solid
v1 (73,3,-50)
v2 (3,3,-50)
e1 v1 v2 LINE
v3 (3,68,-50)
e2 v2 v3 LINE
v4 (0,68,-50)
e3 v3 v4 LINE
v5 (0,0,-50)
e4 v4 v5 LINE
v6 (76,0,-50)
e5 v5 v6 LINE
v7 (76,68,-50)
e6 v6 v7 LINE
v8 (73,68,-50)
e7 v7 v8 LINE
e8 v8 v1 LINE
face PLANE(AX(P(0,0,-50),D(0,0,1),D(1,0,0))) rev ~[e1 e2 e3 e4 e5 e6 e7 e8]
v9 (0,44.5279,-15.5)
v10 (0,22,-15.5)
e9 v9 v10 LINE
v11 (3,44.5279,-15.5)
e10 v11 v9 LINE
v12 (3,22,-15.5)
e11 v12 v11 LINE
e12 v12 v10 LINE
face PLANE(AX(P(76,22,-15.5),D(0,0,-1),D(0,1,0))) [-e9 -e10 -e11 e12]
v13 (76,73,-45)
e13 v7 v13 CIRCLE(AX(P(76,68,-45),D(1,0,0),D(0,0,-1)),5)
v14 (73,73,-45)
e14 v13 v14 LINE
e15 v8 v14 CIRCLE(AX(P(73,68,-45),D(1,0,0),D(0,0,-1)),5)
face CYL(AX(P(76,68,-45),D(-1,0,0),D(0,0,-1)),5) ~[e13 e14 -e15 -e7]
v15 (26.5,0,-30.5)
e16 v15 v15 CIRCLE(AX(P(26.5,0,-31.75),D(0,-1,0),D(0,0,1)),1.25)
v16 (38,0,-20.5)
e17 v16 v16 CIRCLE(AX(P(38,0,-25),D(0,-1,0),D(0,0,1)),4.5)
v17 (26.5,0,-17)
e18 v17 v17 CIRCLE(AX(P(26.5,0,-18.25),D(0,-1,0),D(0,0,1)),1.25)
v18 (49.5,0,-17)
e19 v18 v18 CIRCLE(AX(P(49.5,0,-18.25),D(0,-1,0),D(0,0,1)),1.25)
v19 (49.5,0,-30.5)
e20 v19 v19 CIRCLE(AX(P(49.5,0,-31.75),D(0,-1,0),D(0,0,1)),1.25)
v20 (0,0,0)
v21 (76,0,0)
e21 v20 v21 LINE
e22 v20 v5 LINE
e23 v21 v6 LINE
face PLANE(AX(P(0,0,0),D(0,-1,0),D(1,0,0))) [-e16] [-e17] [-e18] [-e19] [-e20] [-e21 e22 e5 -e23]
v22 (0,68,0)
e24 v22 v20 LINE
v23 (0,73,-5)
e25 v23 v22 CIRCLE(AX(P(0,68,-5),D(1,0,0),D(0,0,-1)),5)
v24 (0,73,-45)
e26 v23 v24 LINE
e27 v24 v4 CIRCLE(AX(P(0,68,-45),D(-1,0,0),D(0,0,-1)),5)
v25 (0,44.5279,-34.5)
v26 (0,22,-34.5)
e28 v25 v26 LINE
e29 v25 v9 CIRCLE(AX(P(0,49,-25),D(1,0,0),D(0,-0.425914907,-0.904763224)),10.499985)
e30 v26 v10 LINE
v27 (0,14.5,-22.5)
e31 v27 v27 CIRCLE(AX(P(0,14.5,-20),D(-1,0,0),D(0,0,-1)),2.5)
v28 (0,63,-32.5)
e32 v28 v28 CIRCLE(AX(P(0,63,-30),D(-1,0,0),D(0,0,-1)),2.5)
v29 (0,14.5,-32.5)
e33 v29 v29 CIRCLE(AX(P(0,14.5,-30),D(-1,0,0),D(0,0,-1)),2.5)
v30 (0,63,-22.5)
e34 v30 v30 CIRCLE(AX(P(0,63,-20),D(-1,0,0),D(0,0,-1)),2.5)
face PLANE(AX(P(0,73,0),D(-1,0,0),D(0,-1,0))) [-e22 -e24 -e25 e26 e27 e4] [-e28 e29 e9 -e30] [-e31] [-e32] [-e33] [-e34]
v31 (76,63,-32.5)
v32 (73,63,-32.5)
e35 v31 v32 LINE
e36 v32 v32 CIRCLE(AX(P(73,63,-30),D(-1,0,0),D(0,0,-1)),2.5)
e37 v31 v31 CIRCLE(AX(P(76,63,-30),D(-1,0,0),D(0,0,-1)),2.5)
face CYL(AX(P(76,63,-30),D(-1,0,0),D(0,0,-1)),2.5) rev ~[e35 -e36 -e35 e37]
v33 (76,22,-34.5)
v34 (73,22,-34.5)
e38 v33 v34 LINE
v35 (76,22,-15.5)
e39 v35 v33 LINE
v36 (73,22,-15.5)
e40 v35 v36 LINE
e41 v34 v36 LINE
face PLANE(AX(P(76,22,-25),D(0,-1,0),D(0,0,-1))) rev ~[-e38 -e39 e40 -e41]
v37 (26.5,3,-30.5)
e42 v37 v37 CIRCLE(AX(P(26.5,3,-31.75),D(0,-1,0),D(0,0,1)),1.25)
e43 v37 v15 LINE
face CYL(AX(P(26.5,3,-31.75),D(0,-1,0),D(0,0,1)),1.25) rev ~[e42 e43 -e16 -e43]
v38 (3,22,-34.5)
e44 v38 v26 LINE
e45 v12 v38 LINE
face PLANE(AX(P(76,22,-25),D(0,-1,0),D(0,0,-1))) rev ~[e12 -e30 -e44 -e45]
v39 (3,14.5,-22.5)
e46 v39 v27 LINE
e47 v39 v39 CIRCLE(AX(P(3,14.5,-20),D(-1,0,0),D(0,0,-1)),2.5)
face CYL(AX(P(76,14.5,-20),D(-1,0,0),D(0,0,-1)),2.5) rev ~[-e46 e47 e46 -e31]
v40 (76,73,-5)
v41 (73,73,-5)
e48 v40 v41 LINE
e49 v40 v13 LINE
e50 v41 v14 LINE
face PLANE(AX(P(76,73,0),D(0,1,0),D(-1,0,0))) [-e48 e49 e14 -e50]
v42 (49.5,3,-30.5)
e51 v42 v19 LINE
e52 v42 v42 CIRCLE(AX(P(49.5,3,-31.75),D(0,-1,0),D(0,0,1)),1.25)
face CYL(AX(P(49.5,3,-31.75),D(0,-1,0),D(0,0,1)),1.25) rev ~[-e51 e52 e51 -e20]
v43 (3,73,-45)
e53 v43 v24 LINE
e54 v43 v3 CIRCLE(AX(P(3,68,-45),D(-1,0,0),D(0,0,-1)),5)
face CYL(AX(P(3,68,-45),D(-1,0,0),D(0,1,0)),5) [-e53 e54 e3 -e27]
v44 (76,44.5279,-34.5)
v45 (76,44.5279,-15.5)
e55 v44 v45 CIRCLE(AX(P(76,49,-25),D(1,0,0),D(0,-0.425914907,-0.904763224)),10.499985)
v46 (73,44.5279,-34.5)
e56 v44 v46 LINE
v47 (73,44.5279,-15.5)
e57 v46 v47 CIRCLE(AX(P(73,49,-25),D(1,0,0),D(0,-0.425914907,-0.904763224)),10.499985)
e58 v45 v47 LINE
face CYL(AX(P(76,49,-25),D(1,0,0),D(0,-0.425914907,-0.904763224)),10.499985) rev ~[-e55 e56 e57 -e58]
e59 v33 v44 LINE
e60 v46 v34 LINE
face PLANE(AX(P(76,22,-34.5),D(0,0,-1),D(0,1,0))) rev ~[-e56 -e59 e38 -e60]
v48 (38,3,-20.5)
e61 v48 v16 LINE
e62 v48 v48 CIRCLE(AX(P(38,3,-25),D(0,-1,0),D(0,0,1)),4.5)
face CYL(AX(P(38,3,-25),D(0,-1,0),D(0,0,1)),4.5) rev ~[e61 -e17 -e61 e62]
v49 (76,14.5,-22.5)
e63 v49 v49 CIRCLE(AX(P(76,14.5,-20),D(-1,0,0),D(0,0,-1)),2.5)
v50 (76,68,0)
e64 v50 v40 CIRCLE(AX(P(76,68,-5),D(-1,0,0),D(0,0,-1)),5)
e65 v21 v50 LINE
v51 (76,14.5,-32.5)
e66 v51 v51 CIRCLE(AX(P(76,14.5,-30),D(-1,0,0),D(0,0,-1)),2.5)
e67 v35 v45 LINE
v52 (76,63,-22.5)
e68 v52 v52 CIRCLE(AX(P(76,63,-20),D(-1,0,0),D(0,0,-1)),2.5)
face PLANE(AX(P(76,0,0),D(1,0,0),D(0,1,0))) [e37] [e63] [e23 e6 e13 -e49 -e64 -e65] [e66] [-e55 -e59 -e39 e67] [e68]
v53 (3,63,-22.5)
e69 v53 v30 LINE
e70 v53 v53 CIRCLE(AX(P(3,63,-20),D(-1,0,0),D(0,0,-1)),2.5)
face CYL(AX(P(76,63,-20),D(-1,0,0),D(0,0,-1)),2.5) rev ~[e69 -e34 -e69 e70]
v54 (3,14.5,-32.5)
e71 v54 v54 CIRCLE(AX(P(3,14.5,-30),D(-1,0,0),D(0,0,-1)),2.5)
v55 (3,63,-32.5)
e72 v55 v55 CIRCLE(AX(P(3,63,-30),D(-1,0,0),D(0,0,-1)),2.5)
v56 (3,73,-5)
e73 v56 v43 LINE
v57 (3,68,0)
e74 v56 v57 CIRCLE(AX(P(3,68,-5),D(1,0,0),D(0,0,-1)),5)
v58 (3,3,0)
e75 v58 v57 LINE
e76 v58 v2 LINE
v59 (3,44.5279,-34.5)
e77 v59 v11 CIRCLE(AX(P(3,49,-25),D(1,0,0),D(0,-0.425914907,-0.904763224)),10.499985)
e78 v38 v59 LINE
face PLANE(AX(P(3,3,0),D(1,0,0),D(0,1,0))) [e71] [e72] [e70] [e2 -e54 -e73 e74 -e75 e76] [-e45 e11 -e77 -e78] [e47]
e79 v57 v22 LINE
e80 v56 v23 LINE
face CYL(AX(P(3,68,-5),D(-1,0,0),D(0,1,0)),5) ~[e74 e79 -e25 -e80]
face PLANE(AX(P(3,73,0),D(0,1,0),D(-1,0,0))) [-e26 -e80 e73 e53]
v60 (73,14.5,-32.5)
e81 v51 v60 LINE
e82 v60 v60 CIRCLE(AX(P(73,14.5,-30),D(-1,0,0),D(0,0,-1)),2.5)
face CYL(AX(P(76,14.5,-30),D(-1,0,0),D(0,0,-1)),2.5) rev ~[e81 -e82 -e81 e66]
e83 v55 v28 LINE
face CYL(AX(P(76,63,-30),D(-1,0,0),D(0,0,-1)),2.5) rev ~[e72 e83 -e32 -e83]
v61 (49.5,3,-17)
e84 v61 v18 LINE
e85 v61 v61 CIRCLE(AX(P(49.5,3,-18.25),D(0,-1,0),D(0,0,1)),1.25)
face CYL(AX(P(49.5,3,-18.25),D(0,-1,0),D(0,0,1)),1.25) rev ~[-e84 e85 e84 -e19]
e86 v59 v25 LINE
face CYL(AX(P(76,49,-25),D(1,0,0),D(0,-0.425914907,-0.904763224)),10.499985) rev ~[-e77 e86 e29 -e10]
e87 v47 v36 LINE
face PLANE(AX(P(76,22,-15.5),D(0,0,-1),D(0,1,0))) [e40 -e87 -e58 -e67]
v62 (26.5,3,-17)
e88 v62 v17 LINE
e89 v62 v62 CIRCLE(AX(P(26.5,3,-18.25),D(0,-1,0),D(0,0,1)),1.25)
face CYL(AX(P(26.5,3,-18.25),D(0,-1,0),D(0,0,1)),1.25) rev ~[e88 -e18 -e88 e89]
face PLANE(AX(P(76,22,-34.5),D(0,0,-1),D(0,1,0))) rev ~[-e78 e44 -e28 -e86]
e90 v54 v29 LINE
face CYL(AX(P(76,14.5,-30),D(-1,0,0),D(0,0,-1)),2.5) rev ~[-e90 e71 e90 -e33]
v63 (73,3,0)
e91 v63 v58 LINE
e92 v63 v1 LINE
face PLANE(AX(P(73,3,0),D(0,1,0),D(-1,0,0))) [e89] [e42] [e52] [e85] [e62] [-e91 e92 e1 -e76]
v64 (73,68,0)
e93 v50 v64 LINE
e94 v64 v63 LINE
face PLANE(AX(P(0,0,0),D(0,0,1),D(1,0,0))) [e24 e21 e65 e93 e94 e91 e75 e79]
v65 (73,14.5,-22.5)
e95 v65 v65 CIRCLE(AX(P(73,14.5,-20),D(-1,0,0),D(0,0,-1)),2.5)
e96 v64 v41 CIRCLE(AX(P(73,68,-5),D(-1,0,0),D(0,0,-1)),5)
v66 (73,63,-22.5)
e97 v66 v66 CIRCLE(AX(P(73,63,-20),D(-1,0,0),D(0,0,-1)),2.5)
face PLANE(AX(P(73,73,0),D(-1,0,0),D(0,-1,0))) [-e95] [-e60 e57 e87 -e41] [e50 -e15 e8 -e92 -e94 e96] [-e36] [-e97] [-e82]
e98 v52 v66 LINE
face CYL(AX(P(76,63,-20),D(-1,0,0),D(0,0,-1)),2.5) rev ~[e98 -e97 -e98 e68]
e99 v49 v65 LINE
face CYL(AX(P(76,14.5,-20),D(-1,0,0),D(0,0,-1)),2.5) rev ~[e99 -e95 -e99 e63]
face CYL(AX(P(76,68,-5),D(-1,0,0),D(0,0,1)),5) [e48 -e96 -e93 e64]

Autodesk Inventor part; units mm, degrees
ref_plane "YZ Plane" through (0, 0, 0) normal (1, 0, 0) x (0, 1, 0)
ref_plane "XZ Plane" through (0, 0, 0) normal (0, 1, 0) x (-1, 0, 0)
ref_plane "XY Plane" through (0, 0, 0) normal (0, 0, 1) x (1, 0, 0)
sketch "Boceto1" plane through (0, 0, 0) normal (0, 0, 1) x (1, 0, 0)
  line L0 (0, 0) -> (76, 0)
  line L1 (76, 0) -> (76, 73)
  line L2 (76, 73) -> (73, 73)
  line L3 (73, 73) -> (73, 3)
  line L4 (73, 3) -> (3, 3)
  line L5 (3, 3) -> (3, 73)
  line L6 (3, 73) -> (0, 73)
  line L7 (0, 73) -> (0, 0)
extrude "Extrusión1" add sketch "Boceto1" against normal blind 50
sketch "Boceto2" plane through (76, 0, 0) normal (1, 0, 0) x (0, 0, -1)
  circle A0 centre (25, 49) radius 6.5
  circle A1 centre (20, 63) radius 2.5
  circle A2 centre (30, 63) radius 2.5
  circle A3 centre (20, 14.5) radius 2.5
  circle A4 centre (30, 14.5) radius 2.5
  point P0 (0, 0)
  point P1 (0, 73)
hole "Agujero1" at (76, 63, -20) at (76, 63, -30) at (76, 14.5, -20) at (76, 14.5, -30) direction (-1, 0, 0) diameter 5 end through all
hole "Agujero2" at (76, 49, -25) direction (-1, 0, 0) diameter 13 end through all
sketch "Boceto3" plane through (3, 3, 0) normal (0, 1, 0) x (1, 0, 0)
  circle A0 centre (35, 25) radius 4.5
  circle A1 centre (46.5, 31.75) radius 1.25
  circle A2 centre (46.5, 18.25) radius 1.25
  circle A3 centre (23.5, 31.75) radius 1.25
  circle A4 centre (23.5, 18.25) radius 1.25
hole "Agujero3" at (38, 3, -25) direction (0, -1, 0) diameter 9 end through all
hole "Agujero4" at (26.5, 3, -18.25) at (26.5, 3, -31.75) at (49.5, 3, -31.75) at (49.5, 3, -18.25) direction (0, -1, 0) diameter 2.5 end through all
fillet "Empalme1" radius 5 4 edges at (1.5, 73, 0) (1.5, 73, -50) (74.5, 73, 0) (74.5, 73, -50)
sketch "Boceto4" plane through (76, 0, 0) normal (1, 0, 0) x (0, 0, -1)
  circle A0 centre (25, 49) radius 6.5 projected
  arc A1 (34.5, 44.5279) -> (15.5, 44.5279) centre (25, 49) ccw
  line L0 (25, 22) -> (34.5, 22)
  line L1 (34.5, 22) -> (34.5, 44.5279)
  line L2 (25, 22) -> (15.5, 22)
  line L3 (15.5, 22) -> (15.5, 44.5279)
  point P0 (0, 0)
  dimension "d68" = 9.5
  dimension "d69" = 9.5
extrude "Extrusión2" cut sketch "Boceto4" against normal blind 100 contours A0 | L1 L0 L2 L3 A1
properties part number "7"
